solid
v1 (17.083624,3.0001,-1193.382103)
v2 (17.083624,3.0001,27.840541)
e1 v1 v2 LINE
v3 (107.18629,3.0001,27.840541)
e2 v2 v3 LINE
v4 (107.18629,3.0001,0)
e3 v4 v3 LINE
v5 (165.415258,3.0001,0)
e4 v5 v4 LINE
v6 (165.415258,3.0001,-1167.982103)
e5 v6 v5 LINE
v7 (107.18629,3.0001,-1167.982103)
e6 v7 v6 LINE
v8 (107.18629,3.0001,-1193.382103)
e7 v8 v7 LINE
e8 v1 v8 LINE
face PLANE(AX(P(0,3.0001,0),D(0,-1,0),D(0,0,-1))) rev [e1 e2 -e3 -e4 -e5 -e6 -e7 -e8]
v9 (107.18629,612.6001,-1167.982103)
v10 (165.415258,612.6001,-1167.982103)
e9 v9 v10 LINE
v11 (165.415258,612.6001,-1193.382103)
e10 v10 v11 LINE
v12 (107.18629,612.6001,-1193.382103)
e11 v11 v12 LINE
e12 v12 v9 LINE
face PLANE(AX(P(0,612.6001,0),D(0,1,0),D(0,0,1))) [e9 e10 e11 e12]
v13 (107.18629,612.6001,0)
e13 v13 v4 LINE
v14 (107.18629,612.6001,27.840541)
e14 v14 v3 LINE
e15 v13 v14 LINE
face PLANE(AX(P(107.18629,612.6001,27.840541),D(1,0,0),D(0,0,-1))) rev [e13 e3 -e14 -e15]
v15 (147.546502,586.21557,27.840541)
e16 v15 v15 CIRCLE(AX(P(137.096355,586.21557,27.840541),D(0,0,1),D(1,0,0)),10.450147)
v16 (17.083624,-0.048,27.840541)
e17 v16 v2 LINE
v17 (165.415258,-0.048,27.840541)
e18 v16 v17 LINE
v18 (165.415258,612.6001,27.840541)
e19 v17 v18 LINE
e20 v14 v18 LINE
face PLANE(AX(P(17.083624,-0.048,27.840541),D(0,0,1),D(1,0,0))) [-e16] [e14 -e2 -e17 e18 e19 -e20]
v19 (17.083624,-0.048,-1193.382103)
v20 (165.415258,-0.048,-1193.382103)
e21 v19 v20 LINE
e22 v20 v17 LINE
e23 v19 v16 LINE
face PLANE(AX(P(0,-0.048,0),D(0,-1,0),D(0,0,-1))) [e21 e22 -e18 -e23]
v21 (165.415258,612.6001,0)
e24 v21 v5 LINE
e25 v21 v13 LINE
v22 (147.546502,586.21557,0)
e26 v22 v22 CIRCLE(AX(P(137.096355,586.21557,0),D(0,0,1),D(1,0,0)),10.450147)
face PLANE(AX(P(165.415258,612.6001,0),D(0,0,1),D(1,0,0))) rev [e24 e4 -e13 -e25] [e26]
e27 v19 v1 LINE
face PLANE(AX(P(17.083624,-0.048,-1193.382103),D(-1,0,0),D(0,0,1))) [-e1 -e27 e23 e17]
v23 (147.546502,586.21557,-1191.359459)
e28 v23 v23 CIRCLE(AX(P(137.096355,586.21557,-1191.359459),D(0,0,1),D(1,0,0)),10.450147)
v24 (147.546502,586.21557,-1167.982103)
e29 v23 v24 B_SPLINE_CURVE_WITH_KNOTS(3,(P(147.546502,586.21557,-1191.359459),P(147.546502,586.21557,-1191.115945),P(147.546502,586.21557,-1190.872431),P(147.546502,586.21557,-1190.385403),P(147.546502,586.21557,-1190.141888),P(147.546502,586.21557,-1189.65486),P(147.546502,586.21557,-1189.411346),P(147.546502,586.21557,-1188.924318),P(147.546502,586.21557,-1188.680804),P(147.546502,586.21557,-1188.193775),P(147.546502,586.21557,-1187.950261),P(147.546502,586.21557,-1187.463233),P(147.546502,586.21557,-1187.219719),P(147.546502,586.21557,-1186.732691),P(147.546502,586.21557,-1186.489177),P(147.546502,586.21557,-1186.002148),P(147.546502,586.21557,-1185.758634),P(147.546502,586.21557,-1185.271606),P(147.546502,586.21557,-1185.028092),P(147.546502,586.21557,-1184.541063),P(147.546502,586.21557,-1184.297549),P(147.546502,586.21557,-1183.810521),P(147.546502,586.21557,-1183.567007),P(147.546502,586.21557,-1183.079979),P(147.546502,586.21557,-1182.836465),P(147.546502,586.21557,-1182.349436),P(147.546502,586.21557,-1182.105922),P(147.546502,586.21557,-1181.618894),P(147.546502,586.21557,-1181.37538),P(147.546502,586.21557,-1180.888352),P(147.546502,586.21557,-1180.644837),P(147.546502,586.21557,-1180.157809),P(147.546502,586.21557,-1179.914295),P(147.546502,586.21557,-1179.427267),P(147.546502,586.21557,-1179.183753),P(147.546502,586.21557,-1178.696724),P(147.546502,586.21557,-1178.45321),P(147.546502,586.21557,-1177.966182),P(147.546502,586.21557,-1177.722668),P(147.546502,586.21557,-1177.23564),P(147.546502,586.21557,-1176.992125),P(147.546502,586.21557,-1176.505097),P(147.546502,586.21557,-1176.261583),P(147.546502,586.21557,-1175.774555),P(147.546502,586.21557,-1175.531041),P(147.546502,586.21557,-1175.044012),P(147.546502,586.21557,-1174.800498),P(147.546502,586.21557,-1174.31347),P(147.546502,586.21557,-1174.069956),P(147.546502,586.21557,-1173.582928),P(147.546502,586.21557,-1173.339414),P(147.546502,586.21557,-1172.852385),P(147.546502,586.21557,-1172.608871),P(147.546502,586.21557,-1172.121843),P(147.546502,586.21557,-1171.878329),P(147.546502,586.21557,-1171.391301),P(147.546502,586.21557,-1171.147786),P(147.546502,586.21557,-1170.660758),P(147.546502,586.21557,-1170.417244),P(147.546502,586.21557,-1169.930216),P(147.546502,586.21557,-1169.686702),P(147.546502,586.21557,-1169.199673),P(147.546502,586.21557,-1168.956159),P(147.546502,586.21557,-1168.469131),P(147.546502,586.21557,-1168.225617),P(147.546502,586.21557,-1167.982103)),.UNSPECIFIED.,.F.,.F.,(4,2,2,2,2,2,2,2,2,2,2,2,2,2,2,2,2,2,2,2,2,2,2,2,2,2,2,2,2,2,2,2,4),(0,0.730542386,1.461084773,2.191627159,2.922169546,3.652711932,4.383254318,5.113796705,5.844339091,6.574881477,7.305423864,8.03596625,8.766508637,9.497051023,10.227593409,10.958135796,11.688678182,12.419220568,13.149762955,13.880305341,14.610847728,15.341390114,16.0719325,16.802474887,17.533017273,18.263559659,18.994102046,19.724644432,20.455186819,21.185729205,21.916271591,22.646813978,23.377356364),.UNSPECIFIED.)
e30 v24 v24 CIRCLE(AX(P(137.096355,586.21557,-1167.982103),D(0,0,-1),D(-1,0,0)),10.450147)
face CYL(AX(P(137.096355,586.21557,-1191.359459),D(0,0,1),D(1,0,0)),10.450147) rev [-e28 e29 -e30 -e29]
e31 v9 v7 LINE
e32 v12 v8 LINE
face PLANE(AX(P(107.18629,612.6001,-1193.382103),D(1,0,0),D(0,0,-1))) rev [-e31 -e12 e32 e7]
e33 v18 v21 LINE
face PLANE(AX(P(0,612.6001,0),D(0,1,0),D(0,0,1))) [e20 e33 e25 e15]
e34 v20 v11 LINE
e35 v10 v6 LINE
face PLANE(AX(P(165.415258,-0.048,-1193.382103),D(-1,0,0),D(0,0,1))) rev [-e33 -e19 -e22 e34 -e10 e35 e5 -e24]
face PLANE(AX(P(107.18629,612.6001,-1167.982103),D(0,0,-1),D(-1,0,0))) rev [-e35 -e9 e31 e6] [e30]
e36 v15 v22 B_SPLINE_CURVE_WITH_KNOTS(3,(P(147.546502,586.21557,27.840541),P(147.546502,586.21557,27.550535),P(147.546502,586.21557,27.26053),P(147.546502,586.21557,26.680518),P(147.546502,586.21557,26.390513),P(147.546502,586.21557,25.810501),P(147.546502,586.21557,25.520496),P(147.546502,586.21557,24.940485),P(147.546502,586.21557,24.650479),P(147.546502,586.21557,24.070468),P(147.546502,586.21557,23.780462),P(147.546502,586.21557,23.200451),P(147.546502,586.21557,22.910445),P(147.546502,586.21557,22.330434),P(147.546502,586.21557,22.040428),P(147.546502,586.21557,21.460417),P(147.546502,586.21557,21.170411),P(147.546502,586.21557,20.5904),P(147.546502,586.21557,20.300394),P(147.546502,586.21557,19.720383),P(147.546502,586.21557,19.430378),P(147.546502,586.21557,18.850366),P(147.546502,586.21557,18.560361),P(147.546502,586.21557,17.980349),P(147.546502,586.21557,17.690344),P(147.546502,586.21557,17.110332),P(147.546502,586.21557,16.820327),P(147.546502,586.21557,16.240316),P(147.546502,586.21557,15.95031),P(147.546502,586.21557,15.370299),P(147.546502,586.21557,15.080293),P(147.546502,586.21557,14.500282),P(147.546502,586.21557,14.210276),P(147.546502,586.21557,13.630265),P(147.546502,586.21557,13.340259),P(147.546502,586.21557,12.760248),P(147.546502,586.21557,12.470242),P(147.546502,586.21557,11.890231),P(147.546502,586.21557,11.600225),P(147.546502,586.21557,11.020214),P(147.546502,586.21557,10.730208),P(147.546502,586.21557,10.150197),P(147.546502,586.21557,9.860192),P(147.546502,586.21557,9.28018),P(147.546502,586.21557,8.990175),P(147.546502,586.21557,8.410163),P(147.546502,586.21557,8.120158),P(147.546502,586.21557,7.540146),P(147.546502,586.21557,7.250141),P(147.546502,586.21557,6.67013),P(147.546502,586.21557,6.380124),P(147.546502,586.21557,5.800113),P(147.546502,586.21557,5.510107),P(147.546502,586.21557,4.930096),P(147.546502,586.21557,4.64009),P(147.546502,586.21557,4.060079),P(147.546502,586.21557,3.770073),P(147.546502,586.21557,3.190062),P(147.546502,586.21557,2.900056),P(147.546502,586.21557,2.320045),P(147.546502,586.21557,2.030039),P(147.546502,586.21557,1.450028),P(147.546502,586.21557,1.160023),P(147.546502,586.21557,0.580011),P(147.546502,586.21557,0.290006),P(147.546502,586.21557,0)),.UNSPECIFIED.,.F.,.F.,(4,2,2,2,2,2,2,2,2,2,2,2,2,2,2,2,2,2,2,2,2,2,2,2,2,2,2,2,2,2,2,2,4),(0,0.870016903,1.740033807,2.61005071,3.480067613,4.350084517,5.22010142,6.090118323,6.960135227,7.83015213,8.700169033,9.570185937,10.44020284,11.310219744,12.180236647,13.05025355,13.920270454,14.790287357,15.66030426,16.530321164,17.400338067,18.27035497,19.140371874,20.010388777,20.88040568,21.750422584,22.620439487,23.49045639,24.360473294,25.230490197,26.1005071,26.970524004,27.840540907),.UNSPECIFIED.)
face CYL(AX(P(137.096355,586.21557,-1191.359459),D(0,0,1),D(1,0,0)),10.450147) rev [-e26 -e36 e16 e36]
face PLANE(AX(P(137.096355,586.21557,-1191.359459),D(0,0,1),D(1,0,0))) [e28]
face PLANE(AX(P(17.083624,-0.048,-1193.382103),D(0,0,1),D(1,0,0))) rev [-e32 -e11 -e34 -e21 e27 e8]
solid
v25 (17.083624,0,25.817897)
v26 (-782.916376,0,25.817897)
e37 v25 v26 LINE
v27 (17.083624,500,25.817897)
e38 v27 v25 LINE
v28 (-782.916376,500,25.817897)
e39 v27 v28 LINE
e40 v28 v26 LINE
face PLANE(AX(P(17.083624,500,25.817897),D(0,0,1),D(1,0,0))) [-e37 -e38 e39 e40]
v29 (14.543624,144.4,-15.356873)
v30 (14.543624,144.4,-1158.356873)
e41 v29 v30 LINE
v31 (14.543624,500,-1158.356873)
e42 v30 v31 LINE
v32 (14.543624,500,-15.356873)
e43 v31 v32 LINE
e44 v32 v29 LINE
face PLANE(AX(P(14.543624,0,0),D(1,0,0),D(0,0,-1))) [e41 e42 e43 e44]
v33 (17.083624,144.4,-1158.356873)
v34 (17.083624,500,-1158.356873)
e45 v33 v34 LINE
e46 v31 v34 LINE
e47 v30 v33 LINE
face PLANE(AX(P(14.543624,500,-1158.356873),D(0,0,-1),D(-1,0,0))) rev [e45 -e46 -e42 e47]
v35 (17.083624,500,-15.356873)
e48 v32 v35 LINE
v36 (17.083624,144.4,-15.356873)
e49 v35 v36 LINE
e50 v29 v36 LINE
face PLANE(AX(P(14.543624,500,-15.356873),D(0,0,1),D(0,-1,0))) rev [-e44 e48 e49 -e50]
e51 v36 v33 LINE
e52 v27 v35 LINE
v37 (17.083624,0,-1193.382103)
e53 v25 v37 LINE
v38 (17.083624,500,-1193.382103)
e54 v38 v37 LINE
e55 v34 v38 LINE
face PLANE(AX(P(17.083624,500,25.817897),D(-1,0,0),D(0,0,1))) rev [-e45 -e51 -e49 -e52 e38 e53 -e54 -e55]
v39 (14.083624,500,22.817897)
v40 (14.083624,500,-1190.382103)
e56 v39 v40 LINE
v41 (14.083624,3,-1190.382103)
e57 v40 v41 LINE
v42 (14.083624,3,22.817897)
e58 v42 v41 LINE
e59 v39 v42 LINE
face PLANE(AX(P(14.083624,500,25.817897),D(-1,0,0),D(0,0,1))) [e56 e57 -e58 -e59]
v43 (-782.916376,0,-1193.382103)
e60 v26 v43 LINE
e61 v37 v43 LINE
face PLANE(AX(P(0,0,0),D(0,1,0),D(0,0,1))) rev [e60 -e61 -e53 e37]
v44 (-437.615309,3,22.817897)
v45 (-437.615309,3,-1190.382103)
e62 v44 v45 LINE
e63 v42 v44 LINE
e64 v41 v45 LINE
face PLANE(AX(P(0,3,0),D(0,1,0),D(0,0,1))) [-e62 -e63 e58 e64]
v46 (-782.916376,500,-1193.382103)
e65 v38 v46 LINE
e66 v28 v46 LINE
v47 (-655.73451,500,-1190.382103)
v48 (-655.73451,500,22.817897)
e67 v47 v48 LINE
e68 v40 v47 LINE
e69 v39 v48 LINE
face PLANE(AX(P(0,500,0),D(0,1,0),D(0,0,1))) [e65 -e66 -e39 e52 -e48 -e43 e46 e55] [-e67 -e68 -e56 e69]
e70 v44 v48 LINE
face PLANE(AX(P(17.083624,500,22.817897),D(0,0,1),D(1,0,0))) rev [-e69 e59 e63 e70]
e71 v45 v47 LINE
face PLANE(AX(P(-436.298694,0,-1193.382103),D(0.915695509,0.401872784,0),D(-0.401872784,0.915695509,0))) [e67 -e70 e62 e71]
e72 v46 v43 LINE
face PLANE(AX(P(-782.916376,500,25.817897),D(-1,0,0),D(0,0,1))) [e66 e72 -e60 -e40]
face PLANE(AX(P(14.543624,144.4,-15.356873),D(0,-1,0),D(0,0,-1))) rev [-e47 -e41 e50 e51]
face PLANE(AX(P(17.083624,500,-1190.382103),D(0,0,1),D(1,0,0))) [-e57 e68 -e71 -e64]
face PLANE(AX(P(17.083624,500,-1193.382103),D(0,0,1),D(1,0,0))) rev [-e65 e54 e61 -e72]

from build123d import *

# Parameters (mm, degrees)
SKETCH1_W                = 800
SKETCH1_H                = 1219.2
BOSS_EXTRUDE1_DEPTH      = 500
SHELL1_T                 = -3
SKETCH5_W                = 1143
SKETCH5_H                = 355.6
CUT_EXTRUDE2_DEPTH       = 2.54
BOSS_EXTRUDE3_DEPTH      = 1219.2
BOSS_EXTRUDE4_DEPTH      = 0.00010033
BOSS_EXTRUDE4_DEPTH_BACK = 3.048
SKETCH7_W                = 148.331634326
SKETCH7_H                = 1221.222643636
SKETCH8_W                = 58.228968179
SKETCH8_H                = 25.4
SKETCH8_H_2              = 27.840540907
BOSS_EXTRUDE5_DEPTH      = 609.6
SKETCH9_R                = 10.450146839
CUT_EXTRUDE3_DEPTH       = 1219.2


with BuildPart() as part:
    # Sketch1 → Boss-Extrude1 (new body)
    with BuildSketch(Plane(origin=(0, 0, 0), x_dir=(1, 0, 0), z_dir=(0, 1, 0))):
        with Locations((-382.91637622, 583.782102729)):
            Rectangle(SKETCH1_W, SKETCH1_H)
    extrude(amount=BOSS_EXTRUDE1_DEPTH)

    # Shell1
    shell1_openings = [part.faces().sort_by_distance(p)[0] for p in [
        (-382.91637622, 500, -583.782102729),
    ]]
    offset(amount=SHELL1_T, openings=shell1_openings, kind=Kind.INTERSECTION)

    # Sketch5 → Cut-Extrude2 (cut)
    with BuildSketch(Plane(origin=(17.08362378, 0, 0), x_dir=(0, 0, -1), z_dir=(1, 0, 0))):
        with Locations((586.856873248, 322.2)):
            Rectangle(SKETCH5_W, SKETCH5_H)
    extrude(amount=-CUT_EXTRUDE2_DEPTH, mode=Mode.SUBTRACT)

    # Sketch6 → Boss-Extrude3 (add)
    with BuildSketch(Plane.XY.offset(25.817897271)):
        Polygon((-436.298693774, 0), (-782.91637622, 0), (-782.91637622, 500), (-655.734510297, 500), align=None)
    extrude(amount=-BOSS_EXTRUDE3_DEPTH)


with BuildPart() as body_2:
    # Sketch7 → Boss-Extrude4 (new, two sides: drawn at the far end of the back side and taken through both)
    with BuildSketch(Plane(origin=(0, 3, 0), x_dir=(1, 0, 0), z_dir=(0, 1, 0)).offset(-BOSS_EXTRUDE4_DEPTH_BACK)):
        with Locations((91.249440943, 582.770780911)):
            Rectangle(SKETCH7_W, SKETCH7_H)
    extrude(amount=BOSS_EXTRUDE4_DEPTH + BOSS_EXTRUDE4_DEPTH_BACK)

    # Sketch8 → Boss-Extrude5 (add)
    with BuildSketch(Plane(origin=(0, 3.00010033, 0), x_dir=(1, 0, 0), z_dir=(0, 1, 0))):
        with Locations((136.300774017, 1180.682102729)):
            Rectangle(SKETCH8_W, SKETCH8_H)
        with Locations((136.300774017, -13.920270454)):
            Rectangle(SKETCH8_W, SKETCH8_H_2)
    extrude(amount=BOSS_EXTRUDE5_DEPTH)

    # Sketch9 → Cut-Extrude3 (cut)
    with BuildSketch(Plane.XY.offset(27.840540907)):
        with Locations((137.096355472, 586.215569874)):
            Circle(SKETCH9_R)
    extrude(amount=-CUT_EXTRUDE3_DEPTH, mode=Mode.SUBTRACT)


solid = Compound([part.part, body_2.part])
